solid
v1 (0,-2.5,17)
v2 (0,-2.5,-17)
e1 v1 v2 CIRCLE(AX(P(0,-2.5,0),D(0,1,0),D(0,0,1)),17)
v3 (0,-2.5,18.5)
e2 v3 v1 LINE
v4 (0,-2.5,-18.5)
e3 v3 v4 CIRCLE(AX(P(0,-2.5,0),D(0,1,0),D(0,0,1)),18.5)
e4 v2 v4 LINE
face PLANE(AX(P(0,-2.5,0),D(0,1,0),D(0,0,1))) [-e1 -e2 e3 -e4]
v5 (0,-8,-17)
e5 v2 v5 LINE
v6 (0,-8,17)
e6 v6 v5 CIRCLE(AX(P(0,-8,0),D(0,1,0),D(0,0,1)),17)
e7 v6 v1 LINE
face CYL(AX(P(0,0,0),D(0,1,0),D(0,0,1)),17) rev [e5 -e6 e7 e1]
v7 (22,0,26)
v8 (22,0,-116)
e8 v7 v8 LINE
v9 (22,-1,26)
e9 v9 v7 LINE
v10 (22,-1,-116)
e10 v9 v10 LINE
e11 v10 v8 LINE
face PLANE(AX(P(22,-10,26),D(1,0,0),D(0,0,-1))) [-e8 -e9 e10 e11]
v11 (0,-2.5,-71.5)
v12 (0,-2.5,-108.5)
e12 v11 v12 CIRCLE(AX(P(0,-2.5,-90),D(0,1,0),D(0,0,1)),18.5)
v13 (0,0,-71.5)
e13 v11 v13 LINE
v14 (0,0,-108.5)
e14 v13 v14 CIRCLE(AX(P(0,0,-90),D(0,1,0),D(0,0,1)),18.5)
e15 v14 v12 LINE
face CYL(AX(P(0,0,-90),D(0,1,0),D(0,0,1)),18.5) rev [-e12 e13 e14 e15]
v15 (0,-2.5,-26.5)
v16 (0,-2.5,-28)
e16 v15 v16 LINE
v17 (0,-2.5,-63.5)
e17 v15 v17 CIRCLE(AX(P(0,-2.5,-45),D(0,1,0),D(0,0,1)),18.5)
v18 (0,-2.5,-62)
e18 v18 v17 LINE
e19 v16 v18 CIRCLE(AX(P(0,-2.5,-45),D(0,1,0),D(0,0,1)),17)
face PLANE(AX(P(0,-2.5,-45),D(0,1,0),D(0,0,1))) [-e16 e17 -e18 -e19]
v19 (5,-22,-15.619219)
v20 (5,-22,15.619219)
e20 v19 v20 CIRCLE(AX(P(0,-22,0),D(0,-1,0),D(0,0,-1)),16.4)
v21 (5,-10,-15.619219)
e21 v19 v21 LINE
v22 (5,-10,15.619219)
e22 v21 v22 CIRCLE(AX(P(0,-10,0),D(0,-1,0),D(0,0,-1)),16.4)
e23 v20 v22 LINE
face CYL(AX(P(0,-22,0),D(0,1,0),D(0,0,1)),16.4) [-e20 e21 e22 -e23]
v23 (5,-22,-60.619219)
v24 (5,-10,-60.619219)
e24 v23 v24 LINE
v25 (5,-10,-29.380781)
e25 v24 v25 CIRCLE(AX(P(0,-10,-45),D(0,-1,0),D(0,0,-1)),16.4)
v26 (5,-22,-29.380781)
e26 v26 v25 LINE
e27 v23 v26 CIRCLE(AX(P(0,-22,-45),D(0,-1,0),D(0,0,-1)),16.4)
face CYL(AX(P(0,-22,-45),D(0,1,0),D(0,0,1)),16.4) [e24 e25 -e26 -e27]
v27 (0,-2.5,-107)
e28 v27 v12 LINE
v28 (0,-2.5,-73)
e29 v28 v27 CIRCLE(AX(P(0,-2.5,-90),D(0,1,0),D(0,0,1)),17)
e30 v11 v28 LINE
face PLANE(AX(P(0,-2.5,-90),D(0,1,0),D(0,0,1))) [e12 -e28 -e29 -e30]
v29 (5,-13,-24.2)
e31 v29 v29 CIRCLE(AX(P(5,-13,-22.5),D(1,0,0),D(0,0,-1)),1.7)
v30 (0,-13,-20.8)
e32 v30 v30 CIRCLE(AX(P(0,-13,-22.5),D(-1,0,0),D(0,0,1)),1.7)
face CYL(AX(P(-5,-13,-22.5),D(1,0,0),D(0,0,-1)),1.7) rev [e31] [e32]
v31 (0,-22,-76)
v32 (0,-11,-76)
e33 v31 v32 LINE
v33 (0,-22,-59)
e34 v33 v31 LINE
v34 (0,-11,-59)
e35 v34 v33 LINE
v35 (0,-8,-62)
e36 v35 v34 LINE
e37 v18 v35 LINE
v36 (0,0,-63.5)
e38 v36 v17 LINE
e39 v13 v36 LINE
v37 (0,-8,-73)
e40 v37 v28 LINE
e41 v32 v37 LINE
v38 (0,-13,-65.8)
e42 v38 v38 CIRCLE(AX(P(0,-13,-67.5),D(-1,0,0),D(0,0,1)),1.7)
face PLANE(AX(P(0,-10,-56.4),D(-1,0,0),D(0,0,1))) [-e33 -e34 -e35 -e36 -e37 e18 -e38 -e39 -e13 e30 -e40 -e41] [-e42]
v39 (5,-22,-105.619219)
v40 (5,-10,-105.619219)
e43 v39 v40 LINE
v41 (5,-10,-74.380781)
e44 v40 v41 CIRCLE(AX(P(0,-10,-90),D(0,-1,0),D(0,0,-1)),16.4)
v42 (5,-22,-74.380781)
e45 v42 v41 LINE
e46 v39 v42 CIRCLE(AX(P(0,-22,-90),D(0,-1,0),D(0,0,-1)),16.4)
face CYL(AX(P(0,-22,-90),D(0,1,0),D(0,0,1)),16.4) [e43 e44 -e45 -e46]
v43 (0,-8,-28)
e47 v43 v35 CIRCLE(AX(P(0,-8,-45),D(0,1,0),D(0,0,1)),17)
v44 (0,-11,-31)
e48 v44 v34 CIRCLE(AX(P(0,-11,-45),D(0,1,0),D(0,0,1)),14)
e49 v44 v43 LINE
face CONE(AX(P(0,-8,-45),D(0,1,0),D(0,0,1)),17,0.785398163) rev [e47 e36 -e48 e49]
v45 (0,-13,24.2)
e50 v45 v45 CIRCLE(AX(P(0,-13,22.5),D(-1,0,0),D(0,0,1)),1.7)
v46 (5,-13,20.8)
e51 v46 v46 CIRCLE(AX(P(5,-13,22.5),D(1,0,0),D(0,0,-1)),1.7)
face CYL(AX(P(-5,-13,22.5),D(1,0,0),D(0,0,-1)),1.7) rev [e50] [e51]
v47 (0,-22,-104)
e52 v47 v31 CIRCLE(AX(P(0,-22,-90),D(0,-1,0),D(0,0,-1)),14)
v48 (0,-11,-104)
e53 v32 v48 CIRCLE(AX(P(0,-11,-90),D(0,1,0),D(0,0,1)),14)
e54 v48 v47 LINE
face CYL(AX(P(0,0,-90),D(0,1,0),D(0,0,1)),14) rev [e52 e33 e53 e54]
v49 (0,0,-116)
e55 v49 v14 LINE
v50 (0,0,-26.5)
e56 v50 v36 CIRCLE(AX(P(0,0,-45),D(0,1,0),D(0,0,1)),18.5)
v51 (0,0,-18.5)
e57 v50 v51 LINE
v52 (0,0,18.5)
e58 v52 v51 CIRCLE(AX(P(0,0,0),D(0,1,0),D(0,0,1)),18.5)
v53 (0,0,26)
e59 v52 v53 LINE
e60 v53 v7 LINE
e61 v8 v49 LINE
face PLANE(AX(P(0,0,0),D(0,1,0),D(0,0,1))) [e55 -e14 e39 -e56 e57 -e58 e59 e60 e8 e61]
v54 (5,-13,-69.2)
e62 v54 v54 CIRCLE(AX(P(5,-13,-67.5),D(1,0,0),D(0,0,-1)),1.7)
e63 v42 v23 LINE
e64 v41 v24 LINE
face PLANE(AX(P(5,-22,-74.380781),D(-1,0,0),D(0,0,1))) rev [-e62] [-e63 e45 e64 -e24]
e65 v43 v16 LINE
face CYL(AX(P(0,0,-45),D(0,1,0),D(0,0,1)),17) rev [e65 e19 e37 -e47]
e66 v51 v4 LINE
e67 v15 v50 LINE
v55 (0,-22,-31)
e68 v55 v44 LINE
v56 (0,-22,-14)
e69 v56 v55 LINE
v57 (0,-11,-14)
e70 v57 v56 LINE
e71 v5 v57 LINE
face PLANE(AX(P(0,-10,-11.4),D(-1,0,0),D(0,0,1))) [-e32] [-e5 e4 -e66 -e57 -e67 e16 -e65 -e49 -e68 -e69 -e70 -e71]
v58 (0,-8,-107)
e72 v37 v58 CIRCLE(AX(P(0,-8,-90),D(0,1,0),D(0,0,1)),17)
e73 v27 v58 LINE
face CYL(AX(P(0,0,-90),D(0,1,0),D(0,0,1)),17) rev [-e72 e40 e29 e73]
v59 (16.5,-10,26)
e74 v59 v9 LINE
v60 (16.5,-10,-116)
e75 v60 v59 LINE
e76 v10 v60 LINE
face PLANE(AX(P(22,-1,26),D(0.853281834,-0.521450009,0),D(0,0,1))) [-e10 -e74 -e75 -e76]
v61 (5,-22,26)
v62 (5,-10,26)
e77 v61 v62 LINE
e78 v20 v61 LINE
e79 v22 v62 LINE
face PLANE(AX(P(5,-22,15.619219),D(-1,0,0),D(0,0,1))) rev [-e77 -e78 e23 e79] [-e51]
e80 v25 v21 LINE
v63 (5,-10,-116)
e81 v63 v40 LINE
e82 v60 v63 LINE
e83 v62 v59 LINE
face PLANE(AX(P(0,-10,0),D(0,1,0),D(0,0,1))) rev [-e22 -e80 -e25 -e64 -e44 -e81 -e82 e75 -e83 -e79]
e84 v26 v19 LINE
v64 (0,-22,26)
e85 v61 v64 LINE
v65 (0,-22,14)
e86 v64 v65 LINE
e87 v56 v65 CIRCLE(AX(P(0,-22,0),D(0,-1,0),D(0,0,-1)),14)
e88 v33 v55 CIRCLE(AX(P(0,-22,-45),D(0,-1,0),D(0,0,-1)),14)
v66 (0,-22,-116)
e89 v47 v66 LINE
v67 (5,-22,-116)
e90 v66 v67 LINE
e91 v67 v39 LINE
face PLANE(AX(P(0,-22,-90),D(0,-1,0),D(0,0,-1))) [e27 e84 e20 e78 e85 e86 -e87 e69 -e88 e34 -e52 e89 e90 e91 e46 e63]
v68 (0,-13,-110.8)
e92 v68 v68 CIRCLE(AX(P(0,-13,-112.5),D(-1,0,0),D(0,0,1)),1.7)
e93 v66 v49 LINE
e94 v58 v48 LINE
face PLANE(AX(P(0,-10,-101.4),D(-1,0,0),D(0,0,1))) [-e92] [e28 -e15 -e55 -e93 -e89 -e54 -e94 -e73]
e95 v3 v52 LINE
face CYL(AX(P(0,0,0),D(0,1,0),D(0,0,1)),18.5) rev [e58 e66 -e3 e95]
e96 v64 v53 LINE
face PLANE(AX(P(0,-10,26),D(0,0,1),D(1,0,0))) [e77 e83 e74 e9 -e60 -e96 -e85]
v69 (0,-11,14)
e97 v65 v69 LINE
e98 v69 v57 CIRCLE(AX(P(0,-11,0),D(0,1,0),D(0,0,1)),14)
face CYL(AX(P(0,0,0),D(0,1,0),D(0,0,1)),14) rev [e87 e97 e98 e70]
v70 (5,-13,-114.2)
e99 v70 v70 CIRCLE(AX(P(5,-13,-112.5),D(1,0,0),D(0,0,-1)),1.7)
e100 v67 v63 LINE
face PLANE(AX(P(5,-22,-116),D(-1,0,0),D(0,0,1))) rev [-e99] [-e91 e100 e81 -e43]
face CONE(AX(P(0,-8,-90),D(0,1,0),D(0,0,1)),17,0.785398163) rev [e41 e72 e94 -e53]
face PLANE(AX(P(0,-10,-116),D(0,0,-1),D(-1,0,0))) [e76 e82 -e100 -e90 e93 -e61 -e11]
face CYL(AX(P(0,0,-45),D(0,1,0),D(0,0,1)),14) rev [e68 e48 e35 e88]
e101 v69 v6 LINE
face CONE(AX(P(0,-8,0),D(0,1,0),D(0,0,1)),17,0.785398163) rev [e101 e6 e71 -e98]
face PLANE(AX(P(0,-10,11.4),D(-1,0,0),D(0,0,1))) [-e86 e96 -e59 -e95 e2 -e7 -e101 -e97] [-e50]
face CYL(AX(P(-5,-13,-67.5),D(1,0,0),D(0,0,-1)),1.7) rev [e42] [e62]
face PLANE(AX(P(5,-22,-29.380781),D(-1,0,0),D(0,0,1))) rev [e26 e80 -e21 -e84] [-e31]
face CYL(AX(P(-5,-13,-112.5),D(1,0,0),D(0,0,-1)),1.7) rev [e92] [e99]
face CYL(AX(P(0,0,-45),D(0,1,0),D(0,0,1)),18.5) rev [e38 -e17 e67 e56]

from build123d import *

# Parameters (mm, degrees)
BOSS_EXTRUDE1_DEPTH = 10
BOSS_EXTRUDE2_DEPTH = 12
CHAMFER2_SIZE       = 5.5
CHAMFER2_SIZE2      = 9
SKETCH6_W           = 14
SKETCH6_H           = 15
SKETCH6_W_2         = 17
SKETCH6_H_2         = 2.5
SKETCH6_W_3         = 1.5
LPATTERN3_COUNT     = 3
LPATTERN3_PITCH     = 45
SKETCH7_R           = 1.7
CUT_EXTRUDE1_DEPTH  = 10
LPATTERN4_COUNT     = 3
LPATTERN4_PITCH     = 45
LPATTERN5_COUNT     = 2
LPATTERN5_PITCH     = 45


with BuildPart() as part:
    # Sketch1 → Boss-Extrude1 (new body)
    with BuildSketch(Plane(origin=(0, 0, 0), x_dir=(1, 0, 0), z_dir=(0, 1, 0))):
        with BuildLine():
            Line((0, -11.4), (0, -26))
            Line((0, -26), (22, -26))
            Line((22, -26), (22, 116))
            Line((22, 116), (0, 116))
            Line((0, 116), (0, 101.4))
            ThreePointArc((0, 101.4), (11.4, 90), (0, 78.6))
            Line((0, 78.6), (0, 56.4))
            ThreePointArc((0, 56.4), (11.4, 45), (0, 33.6))
            Line((0, 33.6), (0, 11.4))
            ThreePointArc((0, 11.4), (11.4, 0), (0, -11.4))
        make_face()
    extrude(amount=-BOSS_EXTRUDE1_DEPTH)

    # Sketch3 → Boss-Extrude2 (add)
    with BuildSketch(Plane.XZ.offset(10)):
        with BuildLine():
            Line((0, -116), (0, -101.4))
            ThreePointArc((0, -101.4), (11.4, -90), (0, -78.6))
            Line((0, -78.6), (0, -56.4))
            ThreePointArc((0, -56.4), (11.4, -45), (0, -33.6))
            Line((0, -33.6), (0, -11.4))
            ThreePointArc((0, -11.4), (11.4, 0), (0, 11.4))
            Line((0, 11.4), (0, 26))
            Line((0, 26), (5, 26))
            Line((5, 26), (5, 15.619218931))
            ThreePointArc((5, 15.619218931), (16.4, 0), (5, -15.619218931))
            Line((5, -15.619218931), (5, -29.380781069))
            ThreePointArc((5, -29.380781069), (16.4, -45), (5, -60.619218931))
            Line((5, -60.619218931), (5, -74.380781069))
            ThreePointArc((5, -74.380781069), (16.4, -90), (5, -105.619218931))
            Line((5, -105.619218931), (5, -116))
            Line((5, -116), (0, -116))
        make_face()
    extrude(amount=BOSS_EXTRUDE2_DEPTH)

    # Chamfer2
    chamfer2_edges = [part.edges().sort_by_distance(p)[0] for p in [
        (22, -10, -45),
    ]]
    chamfer2_side = [part.faces().sort_by_distance(p)[0] for p in [
        (6.430139853, -10, 20.809609465),
    ]]
    chamfer(chamfer2_edges, length=CHAMFER2_SIZE, length2=CHAMFER2_SIZE2, reference=chamfer2_side[0])

    # Sketch6 → Cut-Revolve6 (revolve, cut)
    with BuildSketch(Plane.ZY):
        with Locations((-83, -18.5)):
            Rectangle(SKETCH6_W, SKETCH6_H)
        Polygon((-90, -11), (-76, -11), (-73, -8), (-73, -2.5), (-90, -2.5), align=None)
        with Locations((-81.5, -1.25)):
            Rectangle(SKETCH6_W_2, SKETCH6_H_2)
        with Locations((-72.25, -1.25)):
            Rectangle(SKETCH6_W_3, SKETCH6_H_2)
    cut_revolve6 = revolve(axis=Axis((0, 0, -90), (0, -1, 0)), mode=Mode.SUBTRACT)

    # LPattern3: Cut-Revolve6 ×3
    with Locations(*[(0, 0, i * LPATTERN3_PITCH) for i in range(1, LPATTERN3_COUNT)]):
        add(cut_revolve6, mode=Mode.SUBTRACT)

    # Sketch7 → Cut-Extrude1 (cut)
    with BuildSketch(Plane(origin=(5, 0, 0), x_dir=(0, 0, -1), z_dir=(1, 0, 0))):
        with Locations((67.5, -13)):
            Circle(SKETCH7_R)
    cut_extrude1 = extrude(amount=-CUT_EXTRUDE1_DEPTH, mode=Mode.SUBTRACT)

    # LPattern4: Cut-Extrude1 ×3
    with Locations(*[(0, 0, i * LPATTERN4_PITCH) for i in range(1, LPATTERN4_COUNT)]):
        add(cut_extrude1, mode=Mode.SUBTRACT)

    # LPattern5: Cut-Extrude1 ×2
    with Locations(*[(0, 0, -i * LPATTERN5_PITCH) for i in range(1, LPATTERN5_COUNT)]):
        add(cut_extrude1, mode=Mode.SUBTRACT)


solid = part.part
